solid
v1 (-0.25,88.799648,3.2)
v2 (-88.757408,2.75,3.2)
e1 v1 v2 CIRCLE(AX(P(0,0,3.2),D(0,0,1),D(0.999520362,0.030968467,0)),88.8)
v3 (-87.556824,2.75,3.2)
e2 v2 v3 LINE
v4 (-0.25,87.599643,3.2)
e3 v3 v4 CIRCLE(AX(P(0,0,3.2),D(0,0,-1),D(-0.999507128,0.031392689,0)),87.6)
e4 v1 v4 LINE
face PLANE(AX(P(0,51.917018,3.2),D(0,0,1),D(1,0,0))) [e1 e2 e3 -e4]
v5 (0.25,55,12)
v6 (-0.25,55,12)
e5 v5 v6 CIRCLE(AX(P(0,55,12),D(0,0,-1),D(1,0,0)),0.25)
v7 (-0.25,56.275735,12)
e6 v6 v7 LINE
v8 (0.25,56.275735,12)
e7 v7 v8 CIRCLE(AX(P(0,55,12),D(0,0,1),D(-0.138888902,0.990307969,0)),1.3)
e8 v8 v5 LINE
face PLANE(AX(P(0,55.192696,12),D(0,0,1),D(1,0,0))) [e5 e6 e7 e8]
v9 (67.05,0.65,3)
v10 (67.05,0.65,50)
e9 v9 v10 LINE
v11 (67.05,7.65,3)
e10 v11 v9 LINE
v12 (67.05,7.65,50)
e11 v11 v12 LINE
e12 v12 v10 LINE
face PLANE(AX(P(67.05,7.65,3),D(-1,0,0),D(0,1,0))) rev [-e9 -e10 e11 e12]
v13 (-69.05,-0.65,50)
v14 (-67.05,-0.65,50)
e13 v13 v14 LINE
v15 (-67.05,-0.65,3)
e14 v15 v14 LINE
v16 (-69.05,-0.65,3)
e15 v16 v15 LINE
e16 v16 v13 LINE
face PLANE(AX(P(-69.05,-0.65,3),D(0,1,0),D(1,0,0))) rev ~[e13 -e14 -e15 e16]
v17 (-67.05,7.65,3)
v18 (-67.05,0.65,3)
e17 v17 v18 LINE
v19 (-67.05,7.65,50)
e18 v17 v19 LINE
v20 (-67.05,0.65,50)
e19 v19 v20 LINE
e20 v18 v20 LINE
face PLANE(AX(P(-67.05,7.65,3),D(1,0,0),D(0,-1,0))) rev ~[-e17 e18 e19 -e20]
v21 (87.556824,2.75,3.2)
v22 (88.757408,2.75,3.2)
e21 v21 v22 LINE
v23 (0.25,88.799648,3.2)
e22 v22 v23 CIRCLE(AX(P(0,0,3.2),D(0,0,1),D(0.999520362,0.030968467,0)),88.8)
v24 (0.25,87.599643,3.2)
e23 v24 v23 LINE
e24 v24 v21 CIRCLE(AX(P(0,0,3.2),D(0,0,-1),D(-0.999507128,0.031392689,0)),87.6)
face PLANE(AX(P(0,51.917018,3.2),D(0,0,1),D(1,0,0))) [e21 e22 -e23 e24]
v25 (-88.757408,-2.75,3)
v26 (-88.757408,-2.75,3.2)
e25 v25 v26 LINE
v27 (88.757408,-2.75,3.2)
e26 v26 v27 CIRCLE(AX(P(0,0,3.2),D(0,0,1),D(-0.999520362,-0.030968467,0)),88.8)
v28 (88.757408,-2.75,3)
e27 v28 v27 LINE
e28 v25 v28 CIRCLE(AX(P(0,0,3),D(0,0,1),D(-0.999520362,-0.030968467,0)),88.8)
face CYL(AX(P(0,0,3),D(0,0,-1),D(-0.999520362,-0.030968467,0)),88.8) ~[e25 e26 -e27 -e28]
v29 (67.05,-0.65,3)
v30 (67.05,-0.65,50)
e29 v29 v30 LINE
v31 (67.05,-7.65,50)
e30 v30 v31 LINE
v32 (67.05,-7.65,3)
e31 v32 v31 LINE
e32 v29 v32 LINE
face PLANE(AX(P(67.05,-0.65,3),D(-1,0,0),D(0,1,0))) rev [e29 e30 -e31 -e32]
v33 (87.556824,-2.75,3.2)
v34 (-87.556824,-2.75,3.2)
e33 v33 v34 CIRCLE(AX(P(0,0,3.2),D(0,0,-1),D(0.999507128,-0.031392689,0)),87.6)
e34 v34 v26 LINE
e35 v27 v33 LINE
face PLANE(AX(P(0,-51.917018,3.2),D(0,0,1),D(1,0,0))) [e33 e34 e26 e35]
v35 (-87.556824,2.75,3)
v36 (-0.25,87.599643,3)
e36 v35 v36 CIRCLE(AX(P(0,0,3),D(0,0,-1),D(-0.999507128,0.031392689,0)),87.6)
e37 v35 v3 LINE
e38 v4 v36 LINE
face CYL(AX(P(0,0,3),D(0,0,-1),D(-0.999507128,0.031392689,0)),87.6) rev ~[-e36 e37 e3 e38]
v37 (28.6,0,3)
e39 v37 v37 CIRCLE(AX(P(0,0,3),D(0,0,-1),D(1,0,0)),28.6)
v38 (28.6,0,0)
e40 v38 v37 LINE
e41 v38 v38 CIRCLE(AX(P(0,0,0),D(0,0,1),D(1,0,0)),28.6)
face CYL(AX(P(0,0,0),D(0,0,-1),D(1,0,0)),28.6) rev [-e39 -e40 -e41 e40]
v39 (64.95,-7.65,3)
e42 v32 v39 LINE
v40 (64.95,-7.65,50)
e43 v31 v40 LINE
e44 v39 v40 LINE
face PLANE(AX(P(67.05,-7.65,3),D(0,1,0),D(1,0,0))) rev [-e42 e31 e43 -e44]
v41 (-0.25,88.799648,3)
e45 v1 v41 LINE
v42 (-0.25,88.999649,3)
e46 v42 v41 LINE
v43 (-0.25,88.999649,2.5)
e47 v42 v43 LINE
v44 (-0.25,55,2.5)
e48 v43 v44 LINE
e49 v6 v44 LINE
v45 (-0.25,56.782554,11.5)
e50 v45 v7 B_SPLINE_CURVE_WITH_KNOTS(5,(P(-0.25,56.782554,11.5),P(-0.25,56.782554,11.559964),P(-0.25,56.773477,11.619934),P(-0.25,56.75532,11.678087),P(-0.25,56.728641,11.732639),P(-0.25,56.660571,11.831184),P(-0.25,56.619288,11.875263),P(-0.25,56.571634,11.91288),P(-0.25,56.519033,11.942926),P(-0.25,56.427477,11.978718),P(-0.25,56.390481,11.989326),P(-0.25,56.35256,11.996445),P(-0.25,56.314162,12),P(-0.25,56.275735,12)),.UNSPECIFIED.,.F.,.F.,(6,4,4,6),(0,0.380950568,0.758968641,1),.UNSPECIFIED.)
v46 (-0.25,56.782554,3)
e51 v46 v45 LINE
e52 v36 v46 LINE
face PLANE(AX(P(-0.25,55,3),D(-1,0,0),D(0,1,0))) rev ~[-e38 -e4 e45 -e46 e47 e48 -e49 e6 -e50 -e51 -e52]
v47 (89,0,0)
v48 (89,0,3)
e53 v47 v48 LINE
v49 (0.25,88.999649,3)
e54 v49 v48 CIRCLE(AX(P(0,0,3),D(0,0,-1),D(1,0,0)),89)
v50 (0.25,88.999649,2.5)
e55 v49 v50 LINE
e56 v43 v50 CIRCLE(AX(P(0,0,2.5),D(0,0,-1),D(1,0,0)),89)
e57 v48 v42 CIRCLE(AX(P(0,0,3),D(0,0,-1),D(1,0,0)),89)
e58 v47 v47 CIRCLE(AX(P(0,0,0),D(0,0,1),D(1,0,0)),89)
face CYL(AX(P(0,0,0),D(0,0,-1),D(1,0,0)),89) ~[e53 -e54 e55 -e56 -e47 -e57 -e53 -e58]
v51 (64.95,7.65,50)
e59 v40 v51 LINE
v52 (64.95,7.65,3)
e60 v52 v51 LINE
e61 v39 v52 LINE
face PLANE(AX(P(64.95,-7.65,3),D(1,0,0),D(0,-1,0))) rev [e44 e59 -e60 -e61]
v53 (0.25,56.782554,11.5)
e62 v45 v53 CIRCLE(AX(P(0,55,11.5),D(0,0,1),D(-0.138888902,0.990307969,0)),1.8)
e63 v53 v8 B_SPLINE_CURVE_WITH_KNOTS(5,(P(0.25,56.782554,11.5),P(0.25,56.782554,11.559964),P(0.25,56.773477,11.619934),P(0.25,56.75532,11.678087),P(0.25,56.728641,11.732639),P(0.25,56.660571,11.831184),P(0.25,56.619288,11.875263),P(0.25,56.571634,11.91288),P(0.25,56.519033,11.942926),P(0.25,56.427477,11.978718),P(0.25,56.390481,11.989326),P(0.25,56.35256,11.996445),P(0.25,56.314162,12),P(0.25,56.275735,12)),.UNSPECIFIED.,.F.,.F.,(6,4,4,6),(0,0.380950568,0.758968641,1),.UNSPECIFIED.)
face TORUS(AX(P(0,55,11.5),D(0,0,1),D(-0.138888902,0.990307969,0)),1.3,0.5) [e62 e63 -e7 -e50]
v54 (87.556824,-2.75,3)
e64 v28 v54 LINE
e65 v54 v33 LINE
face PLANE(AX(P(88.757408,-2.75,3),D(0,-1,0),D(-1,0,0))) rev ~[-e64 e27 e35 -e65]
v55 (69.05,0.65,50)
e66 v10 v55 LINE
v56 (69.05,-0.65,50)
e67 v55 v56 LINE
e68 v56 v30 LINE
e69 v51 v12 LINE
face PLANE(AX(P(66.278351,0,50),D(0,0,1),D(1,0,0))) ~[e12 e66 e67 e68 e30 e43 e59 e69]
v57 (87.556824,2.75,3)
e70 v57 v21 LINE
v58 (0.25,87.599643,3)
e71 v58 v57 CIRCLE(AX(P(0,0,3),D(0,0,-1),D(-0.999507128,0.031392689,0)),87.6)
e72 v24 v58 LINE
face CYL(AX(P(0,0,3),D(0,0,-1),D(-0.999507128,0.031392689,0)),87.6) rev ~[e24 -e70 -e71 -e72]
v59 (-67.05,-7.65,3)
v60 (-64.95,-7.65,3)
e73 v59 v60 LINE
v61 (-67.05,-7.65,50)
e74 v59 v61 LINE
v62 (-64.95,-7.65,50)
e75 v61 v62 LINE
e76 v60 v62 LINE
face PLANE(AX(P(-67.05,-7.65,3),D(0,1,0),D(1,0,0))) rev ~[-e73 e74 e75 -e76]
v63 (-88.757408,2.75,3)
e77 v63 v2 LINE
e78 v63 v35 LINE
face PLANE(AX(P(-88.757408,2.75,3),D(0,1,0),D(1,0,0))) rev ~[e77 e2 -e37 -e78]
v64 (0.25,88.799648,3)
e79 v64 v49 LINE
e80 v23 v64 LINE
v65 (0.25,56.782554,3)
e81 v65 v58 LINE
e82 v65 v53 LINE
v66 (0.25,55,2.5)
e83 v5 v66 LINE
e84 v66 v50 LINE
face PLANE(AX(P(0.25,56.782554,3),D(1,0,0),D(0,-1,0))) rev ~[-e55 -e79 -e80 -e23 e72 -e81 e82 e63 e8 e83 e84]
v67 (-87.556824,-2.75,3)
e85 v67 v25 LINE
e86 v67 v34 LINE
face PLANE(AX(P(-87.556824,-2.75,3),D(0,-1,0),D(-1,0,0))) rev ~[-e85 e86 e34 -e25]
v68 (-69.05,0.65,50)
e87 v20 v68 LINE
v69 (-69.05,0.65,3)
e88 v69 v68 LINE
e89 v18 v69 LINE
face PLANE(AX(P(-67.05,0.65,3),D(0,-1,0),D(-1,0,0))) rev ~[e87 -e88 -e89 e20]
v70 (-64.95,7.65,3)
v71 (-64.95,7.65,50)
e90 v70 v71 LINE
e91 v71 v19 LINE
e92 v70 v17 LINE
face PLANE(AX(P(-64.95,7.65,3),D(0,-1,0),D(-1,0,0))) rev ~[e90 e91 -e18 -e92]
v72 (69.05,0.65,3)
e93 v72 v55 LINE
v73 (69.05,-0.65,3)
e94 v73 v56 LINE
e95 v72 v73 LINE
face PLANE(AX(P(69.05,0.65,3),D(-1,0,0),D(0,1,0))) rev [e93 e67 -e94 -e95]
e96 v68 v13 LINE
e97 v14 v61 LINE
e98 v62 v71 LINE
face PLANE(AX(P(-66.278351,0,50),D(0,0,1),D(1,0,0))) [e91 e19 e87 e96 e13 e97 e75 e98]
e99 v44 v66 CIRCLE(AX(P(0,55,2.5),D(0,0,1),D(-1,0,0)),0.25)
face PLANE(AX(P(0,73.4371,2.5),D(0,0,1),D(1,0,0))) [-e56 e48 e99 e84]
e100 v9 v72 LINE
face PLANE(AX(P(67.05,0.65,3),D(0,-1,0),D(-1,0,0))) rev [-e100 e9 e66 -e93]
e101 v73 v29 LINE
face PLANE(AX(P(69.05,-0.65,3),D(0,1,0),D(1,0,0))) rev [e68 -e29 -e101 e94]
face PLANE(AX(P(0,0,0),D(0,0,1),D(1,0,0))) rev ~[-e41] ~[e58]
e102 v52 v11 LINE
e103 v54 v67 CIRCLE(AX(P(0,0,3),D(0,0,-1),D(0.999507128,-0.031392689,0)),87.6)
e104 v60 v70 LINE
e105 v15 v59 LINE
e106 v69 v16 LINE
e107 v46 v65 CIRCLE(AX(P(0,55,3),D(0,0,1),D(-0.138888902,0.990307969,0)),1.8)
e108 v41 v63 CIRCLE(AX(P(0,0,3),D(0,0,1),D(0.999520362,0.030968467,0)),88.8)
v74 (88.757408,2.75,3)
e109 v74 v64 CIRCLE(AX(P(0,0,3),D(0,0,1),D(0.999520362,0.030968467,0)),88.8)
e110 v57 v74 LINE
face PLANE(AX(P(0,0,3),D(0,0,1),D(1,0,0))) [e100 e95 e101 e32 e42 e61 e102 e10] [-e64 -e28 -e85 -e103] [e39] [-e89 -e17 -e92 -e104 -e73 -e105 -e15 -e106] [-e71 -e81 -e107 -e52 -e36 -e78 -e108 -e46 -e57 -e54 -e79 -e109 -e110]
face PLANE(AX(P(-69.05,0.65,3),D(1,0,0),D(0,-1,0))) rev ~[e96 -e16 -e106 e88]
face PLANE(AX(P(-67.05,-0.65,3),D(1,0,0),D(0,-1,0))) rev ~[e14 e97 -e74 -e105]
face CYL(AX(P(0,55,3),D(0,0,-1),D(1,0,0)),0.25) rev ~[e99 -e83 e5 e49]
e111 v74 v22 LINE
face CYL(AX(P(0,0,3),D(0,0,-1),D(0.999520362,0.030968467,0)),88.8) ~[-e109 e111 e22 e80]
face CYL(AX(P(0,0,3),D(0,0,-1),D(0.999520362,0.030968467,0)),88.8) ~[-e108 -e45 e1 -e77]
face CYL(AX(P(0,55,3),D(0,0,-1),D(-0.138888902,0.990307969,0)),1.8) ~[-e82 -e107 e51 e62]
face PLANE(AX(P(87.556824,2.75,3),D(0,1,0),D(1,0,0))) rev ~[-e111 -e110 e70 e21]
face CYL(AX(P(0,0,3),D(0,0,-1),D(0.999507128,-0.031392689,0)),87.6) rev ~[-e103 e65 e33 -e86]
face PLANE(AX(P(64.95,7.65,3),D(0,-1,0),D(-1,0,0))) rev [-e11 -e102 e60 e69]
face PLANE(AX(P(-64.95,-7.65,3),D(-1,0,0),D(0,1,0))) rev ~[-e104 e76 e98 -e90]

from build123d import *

# Parameters (mm, degrees)
F0_R      = 89
F0_R_2    = 28.6
F1_DEPTH  = 3
F3_DEPTH  = 47
F6_DEPTH  = 9
F7_R      = 0.5
F9_DEPTH  = 0.2
F11_DEPTH = 9.5


with BuildPart() as f1:
    # F0 (on Top) → F1 (new body)
    with BuildSketch(Plane.XY):
        Circle(F0_R)
        Circle(F0_R_2, mode=Mode.SUBTRACT)
    extrude(amount=F1_DEPTH)

    # F2 (on face) → F3 (join)
    with BuildSketch(Plane.XY.offset(3)):
        Polygon((-64.95, 7.65), (-67.05, 7.65), (-67.05, 0.65), (-69.05, 0.65), (-69.05, -0.65), (-67.05, -0.65), (-67.05, -7.65), (-64.95, -7.65), align=None)
    extrude(amount=F3_DEPTH)

    # F4: F1 across plane


with BuildPart() as f1_1:
    add(f1.part)
    add(f1.part.mirror(Plane.YZ))

    # F5 (on face) → F6 (join)
    with BuildSketch(Plane.XY.offset(3)):
        with BuildLine():
            Line((-0.25, 55), (-0.25, 56.782554))
            ThreePointArc((-0.25, 56.782554), (0, 53.2), (0.25, 56.782554))
            Line((0.25, 56.782554), (0.25, 55))
            ThreePointArc((0.25, 55), (0, 54.75), (-0.25, 55))
        make_face()
    extrude(amount=F6_DEPTH)

    # F7
    f7_edges = [f1_1.edges().sort_by_distance(p)[0] for p in [
        (0, 53.2, 12),
    ]]
    fillet(f7_edges, radius=F7_R)

    # F8 (on face) → F9 (join)
    with BuildSketch(Plane.XY.offset(3)):
        with BuildLine():
            Line((87.556824, 2.75), (88.757408, 2.75))
            ThreePointArc((88.757408, 2.75), (0, 88.8), (-88.757408, 2.75))
            Line((-88.757408, 2.75), (-87.556824, 2.75))
            ThreePointArc((-87.556824, 2.75), (0, 87.6), (87.556824, 2.75))
        make_face()
        with BuildLine():
            Line((88.757408, -2.75), (87.556824, -2.75))
            ThreePointArc((87.556824, -2.75), (0, -87.6), (-87.556824, -2.75))
            Line((-87.556824, -2.75), (-88.757408, -2.75))
            ThreePointArc((-88.757408, -2.75), (0, -88.8), (88.757408, -2.75))
        make_face()
    extrude(amount=F9_DEPTH)

    # F10 (on face) → F11 (cut)
    with BuildSketch(Plane.XY.offset(12)):
        with BuildLine():
            Line((0.25, 55), (0.25, 56.275735))
            Line((0.25, 56.275735), (0.25, 92))
            Line((0.25, 92), (-0.25, 92))
            Line((-0.25, 92), (-0.25, 56.275735))
            Line((-0.25, 56.275735), (-0.25, 55))
            ThreePointArc((-0.25, 55), (0, 54.75), (0.25, 55))
        make_face()
    extrude(amount=-F11_DEPTH, mode=Mode.SUBTRACT)


solid = f1_1.part
